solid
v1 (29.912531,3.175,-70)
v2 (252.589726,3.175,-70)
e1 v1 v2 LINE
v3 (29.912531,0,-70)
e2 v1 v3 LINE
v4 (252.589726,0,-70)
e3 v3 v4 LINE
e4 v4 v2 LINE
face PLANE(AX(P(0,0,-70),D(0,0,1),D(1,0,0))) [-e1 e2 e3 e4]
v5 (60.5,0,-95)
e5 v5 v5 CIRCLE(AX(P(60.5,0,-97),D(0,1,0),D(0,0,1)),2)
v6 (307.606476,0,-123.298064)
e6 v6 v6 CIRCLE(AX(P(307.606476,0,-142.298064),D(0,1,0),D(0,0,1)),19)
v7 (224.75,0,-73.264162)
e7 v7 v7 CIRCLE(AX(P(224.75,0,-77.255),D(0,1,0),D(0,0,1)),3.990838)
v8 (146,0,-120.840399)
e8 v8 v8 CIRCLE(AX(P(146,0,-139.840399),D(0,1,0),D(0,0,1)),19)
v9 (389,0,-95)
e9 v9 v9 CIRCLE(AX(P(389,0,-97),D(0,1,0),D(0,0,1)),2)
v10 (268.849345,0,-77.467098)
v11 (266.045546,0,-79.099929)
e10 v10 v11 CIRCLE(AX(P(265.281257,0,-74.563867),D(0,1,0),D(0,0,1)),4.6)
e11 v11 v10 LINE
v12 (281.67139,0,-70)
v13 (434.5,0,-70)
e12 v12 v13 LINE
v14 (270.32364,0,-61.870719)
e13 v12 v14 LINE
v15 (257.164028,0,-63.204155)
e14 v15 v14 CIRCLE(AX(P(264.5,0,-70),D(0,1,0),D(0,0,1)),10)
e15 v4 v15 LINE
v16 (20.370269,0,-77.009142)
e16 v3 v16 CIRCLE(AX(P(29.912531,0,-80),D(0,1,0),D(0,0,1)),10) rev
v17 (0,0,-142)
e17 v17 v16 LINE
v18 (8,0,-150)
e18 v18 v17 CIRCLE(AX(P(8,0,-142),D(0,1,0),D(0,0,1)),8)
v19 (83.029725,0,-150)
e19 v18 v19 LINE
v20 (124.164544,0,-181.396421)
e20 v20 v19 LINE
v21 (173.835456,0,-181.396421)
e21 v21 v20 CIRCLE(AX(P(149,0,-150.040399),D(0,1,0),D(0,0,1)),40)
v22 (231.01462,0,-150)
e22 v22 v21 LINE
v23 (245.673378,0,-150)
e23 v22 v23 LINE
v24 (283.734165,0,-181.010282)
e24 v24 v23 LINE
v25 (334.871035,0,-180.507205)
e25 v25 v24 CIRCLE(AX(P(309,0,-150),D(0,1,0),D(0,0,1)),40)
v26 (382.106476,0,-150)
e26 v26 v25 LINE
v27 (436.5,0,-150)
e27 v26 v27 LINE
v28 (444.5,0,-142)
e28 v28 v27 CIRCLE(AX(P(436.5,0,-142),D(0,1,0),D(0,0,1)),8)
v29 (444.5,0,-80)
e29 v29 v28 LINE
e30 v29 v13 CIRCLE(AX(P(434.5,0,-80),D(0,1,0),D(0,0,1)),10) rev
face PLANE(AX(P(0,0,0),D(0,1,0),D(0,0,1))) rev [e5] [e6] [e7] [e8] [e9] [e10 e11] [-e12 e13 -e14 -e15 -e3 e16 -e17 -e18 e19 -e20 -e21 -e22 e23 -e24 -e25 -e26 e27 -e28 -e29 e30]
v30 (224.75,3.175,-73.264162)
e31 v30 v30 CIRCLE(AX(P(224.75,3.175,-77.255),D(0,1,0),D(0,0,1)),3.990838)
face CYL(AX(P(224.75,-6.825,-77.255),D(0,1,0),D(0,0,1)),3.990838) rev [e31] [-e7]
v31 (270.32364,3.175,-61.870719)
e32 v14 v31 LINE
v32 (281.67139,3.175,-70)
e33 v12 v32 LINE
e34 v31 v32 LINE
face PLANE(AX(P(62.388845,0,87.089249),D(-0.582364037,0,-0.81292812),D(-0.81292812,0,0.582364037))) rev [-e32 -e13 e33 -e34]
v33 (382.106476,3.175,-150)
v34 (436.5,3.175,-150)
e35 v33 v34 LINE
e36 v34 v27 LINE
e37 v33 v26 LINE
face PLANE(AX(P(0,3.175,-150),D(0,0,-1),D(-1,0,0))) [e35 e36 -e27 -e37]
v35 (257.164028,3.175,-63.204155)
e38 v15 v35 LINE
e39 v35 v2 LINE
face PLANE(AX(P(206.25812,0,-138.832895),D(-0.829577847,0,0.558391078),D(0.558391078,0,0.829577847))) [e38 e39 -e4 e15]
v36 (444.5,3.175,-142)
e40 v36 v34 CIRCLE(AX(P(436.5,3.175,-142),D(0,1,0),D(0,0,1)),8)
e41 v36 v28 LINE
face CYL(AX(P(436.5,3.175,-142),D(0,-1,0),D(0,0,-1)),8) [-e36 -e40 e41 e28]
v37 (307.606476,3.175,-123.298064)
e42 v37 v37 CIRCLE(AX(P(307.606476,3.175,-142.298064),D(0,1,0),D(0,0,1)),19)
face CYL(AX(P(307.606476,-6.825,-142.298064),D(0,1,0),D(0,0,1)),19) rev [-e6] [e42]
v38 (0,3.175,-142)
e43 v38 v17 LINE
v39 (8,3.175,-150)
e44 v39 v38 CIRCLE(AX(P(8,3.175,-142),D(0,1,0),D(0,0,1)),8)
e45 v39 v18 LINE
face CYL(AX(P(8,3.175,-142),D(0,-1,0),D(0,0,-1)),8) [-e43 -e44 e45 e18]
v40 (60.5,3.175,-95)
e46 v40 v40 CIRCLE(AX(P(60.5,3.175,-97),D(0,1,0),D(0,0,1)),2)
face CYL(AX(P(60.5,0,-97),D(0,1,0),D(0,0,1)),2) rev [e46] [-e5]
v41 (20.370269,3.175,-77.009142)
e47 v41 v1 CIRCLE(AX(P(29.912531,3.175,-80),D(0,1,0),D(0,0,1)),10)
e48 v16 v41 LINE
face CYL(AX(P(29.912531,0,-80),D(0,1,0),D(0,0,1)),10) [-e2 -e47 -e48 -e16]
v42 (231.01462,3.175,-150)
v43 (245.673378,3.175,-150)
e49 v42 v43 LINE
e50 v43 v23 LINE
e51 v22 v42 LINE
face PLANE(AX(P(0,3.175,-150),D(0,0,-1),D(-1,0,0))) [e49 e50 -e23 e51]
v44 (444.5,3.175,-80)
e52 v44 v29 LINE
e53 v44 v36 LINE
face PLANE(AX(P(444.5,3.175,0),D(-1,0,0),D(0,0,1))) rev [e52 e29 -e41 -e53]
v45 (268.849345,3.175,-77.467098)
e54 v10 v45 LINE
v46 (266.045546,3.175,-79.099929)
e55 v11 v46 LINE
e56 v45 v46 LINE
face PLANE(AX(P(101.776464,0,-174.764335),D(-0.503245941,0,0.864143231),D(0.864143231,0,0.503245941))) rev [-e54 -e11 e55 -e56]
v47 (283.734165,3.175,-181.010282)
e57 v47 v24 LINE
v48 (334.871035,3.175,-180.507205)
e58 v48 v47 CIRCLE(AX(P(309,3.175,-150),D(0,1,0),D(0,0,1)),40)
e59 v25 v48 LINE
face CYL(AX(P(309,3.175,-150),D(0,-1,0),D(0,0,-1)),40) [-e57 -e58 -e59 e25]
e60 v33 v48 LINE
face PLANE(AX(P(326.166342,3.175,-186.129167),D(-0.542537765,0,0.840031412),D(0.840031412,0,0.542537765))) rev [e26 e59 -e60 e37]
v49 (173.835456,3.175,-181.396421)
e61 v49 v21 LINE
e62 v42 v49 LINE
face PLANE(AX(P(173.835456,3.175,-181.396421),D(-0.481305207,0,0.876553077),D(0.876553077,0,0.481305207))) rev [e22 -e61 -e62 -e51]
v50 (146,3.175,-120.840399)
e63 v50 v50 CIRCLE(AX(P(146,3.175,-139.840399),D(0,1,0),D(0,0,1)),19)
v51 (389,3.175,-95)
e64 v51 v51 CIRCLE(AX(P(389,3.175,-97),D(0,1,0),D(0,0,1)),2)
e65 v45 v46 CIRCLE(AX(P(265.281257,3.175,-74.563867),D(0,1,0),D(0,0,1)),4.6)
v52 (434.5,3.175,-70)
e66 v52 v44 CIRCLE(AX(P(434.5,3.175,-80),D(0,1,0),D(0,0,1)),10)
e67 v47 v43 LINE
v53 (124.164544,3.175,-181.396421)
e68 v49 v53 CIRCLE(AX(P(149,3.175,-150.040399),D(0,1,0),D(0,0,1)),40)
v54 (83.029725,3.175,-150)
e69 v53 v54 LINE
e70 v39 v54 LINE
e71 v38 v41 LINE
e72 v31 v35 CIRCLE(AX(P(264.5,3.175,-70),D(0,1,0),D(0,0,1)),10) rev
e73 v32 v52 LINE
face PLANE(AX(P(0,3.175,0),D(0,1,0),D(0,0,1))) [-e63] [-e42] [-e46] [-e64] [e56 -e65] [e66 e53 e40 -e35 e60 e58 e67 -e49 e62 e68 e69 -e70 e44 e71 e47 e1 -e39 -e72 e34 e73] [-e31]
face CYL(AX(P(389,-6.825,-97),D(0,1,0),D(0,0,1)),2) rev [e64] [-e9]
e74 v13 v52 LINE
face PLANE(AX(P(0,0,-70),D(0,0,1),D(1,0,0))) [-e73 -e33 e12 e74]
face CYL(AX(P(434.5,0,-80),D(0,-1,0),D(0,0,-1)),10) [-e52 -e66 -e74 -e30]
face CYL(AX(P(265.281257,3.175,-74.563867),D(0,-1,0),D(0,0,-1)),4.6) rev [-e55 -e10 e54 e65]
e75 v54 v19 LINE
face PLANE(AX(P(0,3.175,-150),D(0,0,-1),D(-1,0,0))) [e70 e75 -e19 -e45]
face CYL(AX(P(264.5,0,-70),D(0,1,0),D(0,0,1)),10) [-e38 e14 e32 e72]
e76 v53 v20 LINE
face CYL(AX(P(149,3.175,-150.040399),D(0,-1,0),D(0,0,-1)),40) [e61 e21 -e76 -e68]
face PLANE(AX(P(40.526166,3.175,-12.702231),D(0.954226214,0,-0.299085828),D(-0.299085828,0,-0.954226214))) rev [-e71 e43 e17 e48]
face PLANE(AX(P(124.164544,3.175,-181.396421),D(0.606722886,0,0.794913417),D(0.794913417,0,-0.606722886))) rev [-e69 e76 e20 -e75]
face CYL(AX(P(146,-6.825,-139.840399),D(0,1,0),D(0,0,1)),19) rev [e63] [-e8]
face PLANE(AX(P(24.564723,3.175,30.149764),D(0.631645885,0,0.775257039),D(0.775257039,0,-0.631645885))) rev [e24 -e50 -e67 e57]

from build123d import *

# Parameters (mm, degrees)
SKETCH1_R                = 4.6
BOSS_EXTRUDE1_DEPTH      = 3.175
SKETCH2_W                = 597.466303312
SKETCH2_H                = 60.972543052
CUT_EXTRUDE1_DEPTH       = 70
FILLET1_R                = 10
FILLET2_R                = 10
SKETCH3_R                = 3.990837639
CUT_EXTRUDE2_DEPTH       = 10
SKETCH4_R                = 2
CUT_EXTRUDE3_DEPTH       = 470.13785887
SKETCH5_R                = 2
CUT_EXTRUDE4_DEPTH       = 10
SKETCH6_R                = 40
BOSS_EXTRUDE2_DEPTH      = 3.175
BOSS_EXTRUDE3_DEPTH      = 3.175
SKETCH9_R                = 40
BOSS_EXTRUDE4_DEPTH      = 3.175
BOSS_EXTRUDE6_DEPTH      = 3.175
SKETCH13_R               = 19
CUT_EXTRUDE5_DEPTH       = 10
SKETCH14_R               = 19
CUT_EXTRUDE6_DEPTH       = 10
BOSS_EXTRUDE7_DEPTH      = 10
BOSS_EXTRUDE7_DEPTH_BACK = 3.175
SKETCH16_W               = 39.380598922
SKETCH16_H               = 33.904845405
CUT_EXTRUDE7_DEPTH       = 10


with BuildPart() as part:
    # Sketch1 → Boss-Extrude1 (new body)
    with BuildSketch(Plane(origin=(0, 0, 0), x_dir=(1, 0, 0), z_dir=(0, 1, 0))):
        with BuildLine():
            ThreePointArc((8, 150), (2.343145751, 147.656854249), (0, 142))
            Line((0, 142), (42, 8))
            ThreePointArc((42, 8), (44.343145751, 2.343145751), (50, 0))
            Line((50, 0), (436.5, 0))
            ThreePointArc((436.5, 0), (442.156854249, 2.343145751), (444.5, 8))
            Line((444.5, 8), (444.5, 142))
            ThreePointArc((444.5, 142), (442.156854249, 147.656854249), (436.5, 150))
            Line((436.5, 150), (172.868406334, 150))
            ThreePointArc((172.868406334, 150), (172.5, 146.64039861), (172.131593666, 150))
            Line((172.131593666, 150), (8, 150))
        make_face()
        with Locations(Location((265.281257274, 74.563866981, 0), (0, 0, 270))):
            Circle(SKETCH1_R, mode=Mode.SUBTRACT)
    extrude(amount=BOSS_EXTRUDE1_DEPTH)

    # Sketch2 → Cut-Extrude1 (cut)
    with BuildSketch(Plane.XY):
        with Locations((220.1785332, 7.544358636)):
            Rectangle(SKETCH2_W, SKETCH2_H)
    extrude(amount=-CUT_EXTRUDE1_DEPTH, mode=Mode.SUBTRACT)

    # Fillet1
    fillet1_edges = [part.edges().sort_by_distance(p)[0] for p in [
        (22.567164179, 1.5875, -70),
    ]]
    fillet(fillet1_edges, radius=FILLET1_R)

    # Fillet2
    fillet2_edges = [part.edges().sort_by_distance(p)[0] for p in [
        (444.5, 1.5875, -70),
    ]]
    fillet(fillet2_edges, radius=FILLET2_R)

    # Sketch3 → Cut-Extrude2 (cut)
    with BuildSketch(Plane(origin=(0, 3.175, 0), x_dir=(1, 0, 0), z_dir=(0, 1, 0))):
        with Locations(Location((224.75, 77.255, 0), (0, 0, 270))):
            Circle(SKETCH3_R)
    extrude(amount=-CUT_EXTRUDE2_DEPTH, mode=Mode.SUBTRACT)

    # Sketch4 → Cut-Extrude3 (cut, through all)
    with BuildSketch(Plane(origin=(0, 3.175, 0), x_dir=(1, 0, 0), z_dir=(0, 1, 0))):
        with Locations(Location((60.5, 97, 0), (0, 0, 270))):
            Circle(SKETCH4_R)
    extrude(amount=-CUT_EXTRUDE3_DEPTH, mode=Mode.SUBTRACT)

    # Sketch5 → Cut-Extrude4 (cut)
    with BuildSketch(Plane(origin=(0, 3.175, 0), x_dir=(1, 0, 0), z_dir=(0, 1, 0))):
        with Locations(Location((389, 97, 0), (0, 0, 270))):
            Circle(SKETCH5_R)
    extrude(amount=-CUT_EXTRUDE4_DEPTH, mode=Mode.SUBTRACT)

    # Sketch6 → Boss-Extrude2 (add)
    with BuildSketch(Plane(origin=(0, 0, 0), x_dir=(1, 0, 0), z_dir=(0, 1, 0))):
        with Locations((149, 150.04039861)):
            Circle(SKETCH6_R)
    extrude(amount=BOSS_EXTRUDE2_DEPTH)

    # Sketch7 → Boss-Extrude3 (add)
    with BuildSketch(Plane(origin=(0, 0, 0), x_dir=(1, 0, 0), z_dir=(0, 1, 0))):
        Polygon((124.164543783, 181.396420591), (82.702881078, 149.750534228), (231.468946681, 149.750534228), (173.835456217, 181.396420591), align=None)
    extrude(amount=BOSS_EXTRUDE3_DEPTH)

    # Sketch9 → Boss-Extrude4 (add)
    with BuildSketch(Plane(origin=(0, 0, 0), x_dir=(1, 0, 0), z_dir=(0, 1, 0))):
        with BuildLine():
            ThreePointArc((269, 150), (272.870833001, 167.166341835), (283.734164599, 181.010281545))
            Line((283.734164599, 181.010281545), (245.673378314, 150))
            Line((245.673378314, 150), (269, 150))
        make_face()
        with Locations((309, 150)):
            Circle(SKETCH9_R)
    extrude(amount=BOSS_EXTRUDE4_DEPTH)

    # Sketch12 → Boss-Extrude6 (add)
    with BuildSketch(Plane(origin=(0, 0, 0), x_dir=(1, 0, 0), z_dir=(0, 1, 0))):
        Polygon((326.166341835, 186.129166999), (382.106475607, 150), (340.398839744, 150), align=None)
    extrude(amount=BOSS_EXTRUDE6_DEPTH)

    # Sketch13 → Cut-Extrude5 (cut)
    with BuildSketch(Plane(origin=(0, 3.175, 0), x_dir=(1, 0, 0), z_dir=(0, 1, 0))):
        with Locations(Location((146, 139.84039861, 0), (0, 0, 270))):
            Circle(SKETCH13_R)
    extrude(amount=-CUT_EXTRUDE5_DEPTH, mode=Mode.SUBTRACT)

    # Sketch14 → Cut-Extrude6 (cut)
    with BuildSketch(Plane(origin=(0, 3.175, 0), x_dir=(1, 0, 0), z_dir=(0, 1, 0))):
        with Locations(Location((307.606475607, 142.298064477, 0), (0, 0, 270))):
            Circle(SKETCH14_R)
    extrude(amount=-CUT_EXTRUDE6_DEPTH, mode=Mode.SUBTRACT)

    # Sketch15 → Boss-Extrude7 (add, two sides: drawn at the far end of the back side and taken through both)
    with BuildSketch(Plane(origin=(0, 3.175, 0), x_dir=(1, 0, 0), z_dir=(0, 1, 0)).offset(-BOSS_EXTRUDE7_DEPTH_BACK)):
        with BuildLine():
            Line((270.323640372, 61.870718801), (281.671389991, 70))
            Line((281.671389991, 70), (265.856685963, 70))
            ThreePointArc((265.856685963, 70), (269.551101507, 72.852601302), (268.849345077, 77.467097842))
            Line((268.849345077, 77.467097842), (266.045546336, 79.099929396))
            ThreePointArc((266.045546336, 79.099929396), (260.730312777, 75.233870106), (264.705828584, 70))
            Line((264.705828584, 70), (252.589726142, 70))
            Line((252.589726142, 70), (257.164027826, 63.204154779))
            ThreePointArc((257.164027826, 63.204154779), (263.491883069, 60.050944756), (270.323640372, 61.870718801))
        make_face()
    extrude(amount=BOSS_EXTRUDE7_DEPTH + BOSS_EXTRUDE7_DEPTH_BACK)

    # Sketch16 → Cut-Extrude7 (cut)
    with BuildSketch(Plane(origin=(0, 13.175, 0), x_dir=(1, 0, 0), z_dir=(0, 1, 0))):
        with Locations((267.135263248, 68.050551455)):
            Rectangle(SKETCH16_W, SKETCH16_H)
    extrude(amount=-CUT_EXTRUDE7_DEPTH, mode=Mode.SUBTRACT)


solid = part.part
